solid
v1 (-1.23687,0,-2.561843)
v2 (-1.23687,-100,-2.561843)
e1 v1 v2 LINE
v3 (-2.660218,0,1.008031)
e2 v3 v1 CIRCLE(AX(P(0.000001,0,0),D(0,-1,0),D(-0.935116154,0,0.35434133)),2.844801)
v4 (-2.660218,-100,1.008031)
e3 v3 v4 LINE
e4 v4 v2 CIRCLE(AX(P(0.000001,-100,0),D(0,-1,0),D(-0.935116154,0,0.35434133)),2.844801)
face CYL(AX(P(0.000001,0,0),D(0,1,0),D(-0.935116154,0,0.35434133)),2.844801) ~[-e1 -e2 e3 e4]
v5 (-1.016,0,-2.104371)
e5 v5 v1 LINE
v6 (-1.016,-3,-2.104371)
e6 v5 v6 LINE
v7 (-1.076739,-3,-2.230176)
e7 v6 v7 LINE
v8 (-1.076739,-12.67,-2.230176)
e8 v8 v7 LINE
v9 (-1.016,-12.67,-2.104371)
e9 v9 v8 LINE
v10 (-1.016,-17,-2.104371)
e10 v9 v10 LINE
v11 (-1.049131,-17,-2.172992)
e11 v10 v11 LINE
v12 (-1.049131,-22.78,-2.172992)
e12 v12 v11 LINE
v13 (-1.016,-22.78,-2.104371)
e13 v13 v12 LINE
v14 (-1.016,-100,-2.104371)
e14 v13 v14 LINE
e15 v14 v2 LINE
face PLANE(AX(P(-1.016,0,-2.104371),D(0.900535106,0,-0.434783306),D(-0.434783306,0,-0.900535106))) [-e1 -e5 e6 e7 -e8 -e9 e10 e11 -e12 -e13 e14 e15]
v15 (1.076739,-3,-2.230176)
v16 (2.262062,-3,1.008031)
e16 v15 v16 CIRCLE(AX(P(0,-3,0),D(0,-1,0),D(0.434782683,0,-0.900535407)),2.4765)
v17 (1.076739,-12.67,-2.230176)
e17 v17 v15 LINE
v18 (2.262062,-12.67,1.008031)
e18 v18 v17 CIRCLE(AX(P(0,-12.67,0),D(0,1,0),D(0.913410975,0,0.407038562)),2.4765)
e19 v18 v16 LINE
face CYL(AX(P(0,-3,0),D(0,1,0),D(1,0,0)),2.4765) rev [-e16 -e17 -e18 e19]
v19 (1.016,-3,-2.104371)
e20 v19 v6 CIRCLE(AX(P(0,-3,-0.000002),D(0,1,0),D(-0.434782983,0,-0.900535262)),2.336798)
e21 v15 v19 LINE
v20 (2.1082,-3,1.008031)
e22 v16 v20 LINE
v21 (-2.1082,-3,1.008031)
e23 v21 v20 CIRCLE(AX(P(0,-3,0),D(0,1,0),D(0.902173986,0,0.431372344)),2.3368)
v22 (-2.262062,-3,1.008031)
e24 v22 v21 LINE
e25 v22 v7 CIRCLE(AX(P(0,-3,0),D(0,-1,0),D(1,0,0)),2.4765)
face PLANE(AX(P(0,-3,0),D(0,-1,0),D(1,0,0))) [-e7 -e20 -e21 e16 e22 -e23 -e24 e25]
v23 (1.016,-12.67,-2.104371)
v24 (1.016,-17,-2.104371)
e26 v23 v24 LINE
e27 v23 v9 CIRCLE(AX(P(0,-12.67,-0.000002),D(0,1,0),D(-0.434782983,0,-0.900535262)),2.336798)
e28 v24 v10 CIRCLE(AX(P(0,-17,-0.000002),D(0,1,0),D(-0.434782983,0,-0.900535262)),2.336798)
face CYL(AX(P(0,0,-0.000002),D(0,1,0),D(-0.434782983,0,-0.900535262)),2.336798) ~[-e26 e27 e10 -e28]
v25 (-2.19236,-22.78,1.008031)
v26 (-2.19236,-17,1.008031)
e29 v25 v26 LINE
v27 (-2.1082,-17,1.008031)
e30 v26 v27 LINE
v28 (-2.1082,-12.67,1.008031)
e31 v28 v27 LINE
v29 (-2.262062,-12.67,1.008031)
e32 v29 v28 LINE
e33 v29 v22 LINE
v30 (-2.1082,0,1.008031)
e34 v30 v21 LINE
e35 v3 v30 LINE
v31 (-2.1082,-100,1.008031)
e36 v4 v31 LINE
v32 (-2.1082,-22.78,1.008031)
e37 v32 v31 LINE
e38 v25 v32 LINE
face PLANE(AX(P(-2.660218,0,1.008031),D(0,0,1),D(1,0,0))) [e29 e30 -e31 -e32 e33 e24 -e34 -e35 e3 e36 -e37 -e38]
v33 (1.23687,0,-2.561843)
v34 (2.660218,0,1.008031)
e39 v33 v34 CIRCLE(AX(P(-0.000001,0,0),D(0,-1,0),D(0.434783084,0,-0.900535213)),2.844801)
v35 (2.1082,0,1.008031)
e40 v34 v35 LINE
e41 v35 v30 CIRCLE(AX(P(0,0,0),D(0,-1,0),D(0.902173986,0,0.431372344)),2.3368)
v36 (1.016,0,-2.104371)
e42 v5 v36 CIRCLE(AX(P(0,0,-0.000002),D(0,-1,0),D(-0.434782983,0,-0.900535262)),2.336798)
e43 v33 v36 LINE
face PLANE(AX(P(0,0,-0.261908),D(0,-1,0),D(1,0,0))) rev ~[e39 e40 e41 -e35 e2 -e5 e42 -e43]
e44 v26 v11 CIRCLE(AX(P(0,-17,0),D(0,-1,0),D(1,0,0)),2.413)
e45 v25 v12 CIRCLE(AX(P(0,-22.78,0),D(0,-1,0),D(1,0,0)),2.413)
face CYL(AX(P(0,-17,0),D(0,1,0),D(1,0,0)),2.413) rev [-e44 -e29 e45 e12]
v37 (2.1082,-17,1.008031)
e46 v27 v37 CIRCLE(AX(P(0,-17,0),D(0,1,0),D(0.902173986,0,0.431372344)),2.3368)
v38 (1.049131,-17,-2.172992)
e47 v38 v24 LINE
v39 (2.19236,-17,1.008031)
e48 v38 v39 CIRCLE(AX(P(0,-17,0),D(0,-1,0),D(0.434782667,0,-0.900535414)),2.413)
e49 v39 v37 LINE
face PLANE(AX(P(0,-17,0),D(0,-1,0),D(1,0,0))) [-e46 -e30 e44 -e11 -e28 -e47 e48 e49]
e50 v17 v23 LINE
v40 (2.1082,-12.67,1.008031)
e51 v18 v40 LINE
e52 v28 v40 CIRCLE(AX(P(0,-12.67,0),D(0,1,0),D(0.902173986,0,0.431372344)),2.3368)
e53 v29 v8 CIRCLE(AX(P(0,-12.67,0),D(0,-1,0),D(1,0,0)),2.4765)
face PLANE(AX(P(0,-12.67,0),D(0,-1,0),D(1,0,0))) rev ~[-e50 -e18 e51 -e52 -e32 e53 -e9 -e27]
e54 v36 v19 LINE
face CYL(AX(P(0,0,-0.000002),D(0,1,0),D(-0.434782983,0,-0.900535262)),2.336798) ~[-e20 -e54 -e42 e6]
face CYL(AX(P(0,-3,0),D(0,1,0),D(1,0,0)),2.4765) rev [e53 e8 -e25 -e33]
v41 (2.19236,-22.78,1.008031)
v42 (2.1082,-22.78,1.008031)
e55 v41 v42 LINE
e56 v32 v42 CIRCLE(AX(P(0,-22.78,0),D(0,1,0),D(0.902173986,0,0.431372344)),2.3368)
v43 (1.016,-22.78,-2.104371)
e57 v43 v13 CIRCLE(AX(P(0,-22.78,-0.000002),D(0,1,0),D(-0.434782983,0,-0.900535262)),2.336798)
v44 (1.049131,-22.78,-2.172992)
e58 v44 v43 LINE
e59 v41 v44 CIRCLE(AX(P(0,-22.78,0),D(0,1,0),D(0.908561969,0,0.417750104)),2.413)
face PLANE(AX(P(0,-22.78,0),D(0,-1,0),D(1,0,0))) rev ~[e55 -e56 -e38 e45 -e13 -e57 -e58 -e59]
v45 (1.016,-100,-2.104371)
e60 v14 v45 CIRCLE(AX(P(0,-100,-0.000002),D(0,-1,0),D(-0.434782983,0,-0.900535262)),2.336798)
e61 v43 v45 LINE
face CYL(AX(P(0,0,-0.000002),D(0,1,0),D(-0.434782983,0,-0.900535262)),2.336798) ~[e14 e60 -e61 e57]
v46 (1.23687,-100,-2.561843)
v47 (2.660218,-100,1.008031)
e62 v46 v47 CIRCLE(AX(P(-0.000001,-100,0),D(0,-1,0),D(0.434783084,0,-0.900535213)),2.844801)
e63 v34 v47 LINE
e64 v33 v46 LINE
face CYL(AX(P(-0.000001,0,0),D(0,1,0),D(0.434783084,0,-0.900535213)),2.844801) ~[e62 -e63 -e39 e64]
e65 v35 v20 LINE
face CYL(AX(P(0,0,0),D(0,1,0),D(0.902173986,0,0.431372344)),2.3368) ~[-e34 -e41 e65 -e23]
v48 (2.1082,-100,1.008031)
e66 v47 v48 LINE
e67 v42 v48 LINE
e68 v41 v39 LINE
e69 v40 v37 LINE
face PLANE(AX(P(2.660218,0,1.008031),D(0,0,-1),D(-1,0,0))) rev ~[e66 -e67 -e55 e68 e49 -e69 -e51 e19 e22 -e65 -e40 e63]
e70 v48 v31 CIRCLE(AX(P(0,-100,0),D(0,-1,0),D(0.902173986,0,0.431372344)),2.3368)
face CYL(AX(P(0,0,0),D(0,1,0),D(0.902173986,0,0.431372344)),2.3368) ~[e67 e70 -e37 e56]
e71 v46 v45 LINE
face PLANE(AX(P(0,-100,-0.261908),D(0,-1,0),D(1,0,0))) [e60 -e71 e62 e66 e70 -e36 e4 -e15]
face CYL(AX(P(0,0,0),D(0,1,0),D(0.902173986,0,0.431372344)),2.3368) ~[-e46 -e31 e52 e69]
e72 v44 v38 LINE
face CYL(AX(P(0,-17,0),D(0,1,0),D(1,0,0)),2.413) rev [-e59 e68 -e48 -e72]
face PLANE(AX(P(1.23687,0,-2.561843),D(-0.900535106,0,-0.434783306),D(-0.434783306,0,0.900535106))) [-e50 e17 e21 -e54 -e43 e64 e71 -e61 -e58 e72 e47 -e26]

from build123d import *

# Parameters (mm, degrees)
CYLINDER001_R     = 2.413
CYLINDER001_DEPTH = 5.78
CYLINDER_R        = 2.4765
CYLINDER_DEPTH    = 9.67
PAD_DEPTH         = 100


with BuildPart() as cylinder001:
    # Cylinder001 → Cylinder001 (new body)
    with BuildSketch(Plane.XZ.offset(17)):
        Circle(CYLINDER001_R)
    extrude(amount=CYLINDER001_DEPTH)


with BuildPart() as cylinder:
    # Cylinder → Cylinder (new body)
    with BuildSketch(Plane.XZ.offset(3)):
        Circle(CYLINDER_R)
    extrude(amount=CYLINDER_DEPTH)


with BuildPart() as cut001:
    # Sketch → Pad (new body)
    with BuildSketch(Plane.XZ):
        with BuildLine():
            ThreePointArc((2.1082, 1.008031), (0, 2.3368), (-2.1082, 1.008031))
            Line((-2.660218, 1.008031), (-2.1082, 1.008031))
            ThreePointArc((-2.660218, 1.008031), (-2.642503, -1.053595), (-1.23687, -2.561843))
            Line((-1.016, -2.104371), (-1.23687, -2.561843))
            ThreePointArc((-1.016, -2.104371), (0, -2.3368), (1.016, -2.104371))
            Line((1.23687, -2.561843), (1.016, -2.104371))
            ThreePointArc((1.23687, -2.561843), (2.642503, -1.053595), (2.660218, 1.008031))
            Line((2.660218, 1.008031), (2.1082, 1.008031))
        make_face()
    extrude(amount=PAD_DEPTH)

    # Cut: cut Cylinder
    add(cylinder.part, mode=Mode.SUBTRACT)

    # Cut001: cut Cylinder001
    add(cylinder001.part, mode=Mode.SUBTRACT)


solid = cut001.part
